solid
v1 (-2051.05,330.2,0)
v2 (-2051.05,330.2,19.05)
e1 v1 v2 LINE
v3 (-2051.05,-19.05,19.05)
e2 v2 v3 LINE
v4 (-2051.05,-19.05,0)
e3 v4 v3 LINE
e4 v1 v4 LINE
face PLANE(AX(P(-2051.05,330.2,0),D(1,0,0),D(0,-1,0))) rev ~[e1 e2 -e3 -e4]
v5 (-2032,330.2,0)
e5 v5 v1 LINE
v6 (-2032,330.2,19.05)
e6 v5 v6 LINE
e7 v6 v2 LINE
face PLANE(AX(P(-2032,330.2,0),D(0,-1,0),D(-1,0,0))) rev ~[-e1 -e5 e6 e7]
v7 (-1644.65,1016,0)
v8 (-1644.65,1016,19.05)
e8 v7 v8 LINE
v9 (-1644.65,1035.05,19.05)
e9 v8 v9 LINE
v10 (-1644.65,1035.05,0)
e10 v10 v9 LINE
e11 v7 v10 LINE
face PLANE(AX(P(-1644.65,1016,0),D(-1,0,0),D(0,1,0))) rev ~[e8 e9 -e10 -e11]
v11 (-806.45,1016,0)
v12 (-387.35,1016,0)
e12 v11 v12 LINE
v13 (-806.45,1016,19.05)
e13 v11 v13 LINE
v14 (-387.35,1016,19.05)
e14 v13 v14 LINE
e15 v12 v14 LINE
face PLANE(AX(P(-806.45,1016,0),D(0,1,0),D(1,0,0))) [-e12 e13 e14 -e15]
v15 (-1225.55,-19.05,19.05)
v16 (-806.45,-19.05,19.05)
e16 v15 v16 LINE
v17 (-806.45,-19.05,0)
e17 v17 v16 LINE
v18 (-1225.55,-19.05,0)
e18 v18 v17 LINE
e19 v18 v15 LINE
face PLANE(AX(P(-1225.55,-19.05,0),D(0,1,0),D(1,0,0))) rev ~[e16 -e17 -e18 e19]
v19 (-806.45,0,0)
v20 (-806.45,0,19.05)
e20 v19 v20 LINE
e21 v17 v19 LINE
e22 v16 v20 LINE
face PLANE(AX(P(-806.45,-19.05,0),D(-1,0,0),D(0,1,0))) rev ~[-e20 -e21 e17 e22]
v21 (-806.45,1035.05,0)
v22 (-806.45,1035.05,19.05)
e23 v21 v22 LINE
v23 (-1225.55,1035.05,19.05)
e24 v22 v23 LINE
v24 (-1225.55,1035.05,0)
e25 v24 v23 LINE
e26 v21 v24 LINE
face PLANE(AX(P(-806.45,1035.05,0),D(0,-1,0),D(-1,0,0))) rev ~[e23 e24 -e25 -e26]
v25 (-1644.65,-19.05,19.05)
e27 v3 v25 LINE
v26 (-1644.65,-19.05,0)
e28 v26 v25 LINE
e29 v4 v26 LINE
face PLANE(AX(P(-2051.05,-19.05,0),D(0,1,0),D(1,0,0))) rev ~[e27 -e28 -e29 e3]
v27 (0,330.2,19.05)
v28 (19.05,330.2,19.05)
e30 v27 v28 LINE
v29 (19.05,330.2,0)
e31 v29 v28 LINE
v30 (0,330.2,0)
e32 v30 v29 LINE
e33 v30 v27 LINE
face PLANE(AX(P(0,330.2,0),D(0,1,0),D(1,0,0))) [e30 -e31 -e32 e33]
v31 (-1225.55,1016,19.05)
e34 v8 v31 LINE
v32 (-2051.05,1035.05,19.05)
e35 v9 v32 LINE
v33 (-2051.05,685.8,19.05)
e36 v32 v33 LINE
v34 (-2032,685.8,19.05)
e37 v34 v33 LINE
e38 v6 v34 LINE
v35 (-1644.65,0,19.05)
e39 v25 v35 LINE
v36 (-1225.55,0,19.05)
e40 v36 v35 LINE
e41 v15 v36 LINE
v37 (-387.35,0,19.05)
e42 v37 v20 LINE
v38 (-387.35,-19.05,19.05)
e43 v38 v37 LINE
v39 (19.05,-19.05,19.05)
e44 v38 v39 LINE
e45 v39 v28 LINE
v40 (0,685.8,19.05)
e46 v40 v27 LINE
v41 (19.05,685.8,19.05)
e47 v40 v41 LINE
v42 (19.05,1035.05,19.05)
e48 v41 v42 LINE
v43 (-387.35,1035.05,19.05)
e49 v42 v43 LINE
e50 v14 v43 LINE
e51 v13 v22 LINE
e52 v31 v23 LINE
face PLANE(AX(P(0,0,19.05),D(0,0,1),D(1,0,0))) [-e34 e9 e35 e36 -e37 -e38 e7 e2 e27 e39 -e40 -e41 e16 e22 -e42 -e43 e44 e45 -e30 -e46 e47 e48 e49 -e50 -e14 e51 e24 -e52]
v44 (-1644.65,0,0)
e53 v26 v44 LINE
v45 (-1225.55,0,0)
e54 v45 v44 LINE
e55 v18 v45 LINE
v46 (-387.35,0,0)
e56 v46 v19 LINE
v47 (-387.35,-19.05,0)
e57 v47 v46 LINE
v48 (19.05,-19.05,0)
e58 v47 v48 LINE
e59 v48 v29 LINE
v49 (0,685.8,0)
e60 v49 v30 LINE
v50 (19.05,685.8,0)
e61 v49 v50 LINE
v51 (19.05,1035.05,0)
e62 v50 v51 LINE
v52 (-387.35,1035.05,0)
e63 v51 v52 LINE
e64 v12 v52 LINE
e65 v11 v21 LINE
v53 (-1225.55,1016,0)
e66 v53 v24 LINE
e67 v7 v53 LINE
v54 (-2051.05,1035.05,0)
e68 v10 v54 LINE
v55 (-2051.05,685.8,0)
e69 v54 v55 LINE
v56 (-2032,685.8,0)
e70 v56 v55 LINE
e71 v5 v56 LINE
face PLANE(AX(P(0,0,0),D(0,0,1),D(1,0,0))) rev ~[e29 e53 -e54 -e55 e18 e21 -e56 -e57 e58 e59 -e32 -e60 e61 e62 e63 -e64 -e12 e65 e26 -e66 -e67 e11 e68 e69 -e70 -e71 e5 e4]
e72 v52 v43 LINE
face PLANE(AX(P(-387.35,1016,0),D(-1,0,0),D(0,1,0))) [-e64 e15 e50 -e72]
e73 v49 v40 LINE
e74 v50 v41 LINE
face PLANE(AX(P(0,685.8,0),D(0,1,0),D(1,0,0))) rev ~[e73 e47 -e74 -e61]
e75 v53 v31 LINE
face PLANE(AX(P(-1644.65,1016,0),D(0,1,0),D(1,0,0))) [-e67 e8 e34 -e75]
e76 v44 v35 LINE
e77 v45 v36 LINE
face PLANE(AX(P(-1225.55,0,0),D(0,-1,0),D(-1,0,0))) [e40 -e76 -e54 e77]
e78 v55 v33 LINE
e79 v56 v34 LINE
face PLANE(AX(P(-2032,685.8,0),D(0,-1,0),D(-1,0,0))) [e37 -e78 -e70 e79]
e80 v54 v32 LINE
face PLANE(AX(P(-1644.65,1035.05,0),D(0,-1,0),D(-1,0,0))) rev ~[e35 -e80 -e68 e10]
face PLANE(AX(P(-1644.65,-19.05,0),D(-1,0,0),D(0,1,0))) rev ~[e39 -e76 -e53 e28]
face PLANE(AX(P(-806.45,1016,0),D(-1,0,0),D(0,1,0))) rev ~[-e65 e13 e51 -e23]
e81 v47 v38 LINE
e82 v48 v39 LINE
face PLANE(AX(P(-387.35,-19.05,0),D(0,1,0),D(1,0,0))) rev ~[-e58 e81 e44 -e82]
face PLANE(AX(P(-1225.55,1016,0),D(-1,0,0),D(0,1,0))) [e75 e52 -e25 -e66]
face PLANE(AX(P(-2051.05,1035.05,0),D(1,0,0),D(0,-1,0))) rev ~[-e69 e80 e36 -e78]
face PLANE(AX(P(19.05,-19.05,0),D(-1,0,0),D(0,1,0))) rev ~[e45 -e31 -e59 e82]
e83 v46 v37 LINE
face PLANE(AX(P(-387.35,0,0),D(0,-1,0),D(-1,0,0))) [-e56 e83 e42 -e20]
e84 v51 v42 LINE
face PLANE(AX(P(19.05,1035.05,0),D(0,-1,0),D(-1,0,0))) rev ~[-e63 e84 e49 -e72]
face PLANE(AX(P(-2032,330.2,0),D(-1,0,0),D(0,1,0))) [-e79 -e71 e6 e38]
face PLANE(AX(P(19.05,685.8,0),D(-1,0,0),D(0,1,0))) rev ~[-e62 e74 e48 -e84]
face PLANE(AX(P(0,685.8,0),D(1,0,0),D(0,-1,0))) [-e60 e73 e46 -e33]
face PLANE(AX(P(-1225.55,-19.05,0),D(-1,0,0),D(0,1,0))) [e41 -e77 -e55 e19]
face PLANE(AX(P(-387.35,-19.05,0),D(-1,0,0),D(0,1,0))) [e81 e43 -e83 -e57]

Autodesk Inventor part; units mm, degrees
ref_plane "YZ Plane" through (0, 0, 0) normal (1, 0, 0) x (0, 1, 0)
ref_plane "XZ Plane" through (0, 0, 0) normal (0, 1, 0) x (-1, 0, 0)
ref_plane "XY Plane" through (0, 0, 0) normal (0, 0, 1) x (1, 0, 0)
sketch "Sketch1" plane through (0, 0, 0) normal (0, 0, 1) x (1, 0, 0)
  line L0 (0, 0) -> (-2032, 0)
  line L1 (-2032, 0) -> (-2032, 1016)
  line L2 (-2032, 1016) -> (0, 1016)
  line L3 (0, 1016) -> (0, 0)
  line L4 (19.05, 1035.05) -> (-2051.05, 1035.05)
  line L5 (-2051.05, 1035.05) -> (-2051.05, -19.05)
  line L6 (-2051.05, -19.05) -> (19.05, -19.05)
  line L7 (19.05, -19.05) -> (19.05, 1035.05)
  line L8 (-1644.65, 1016) -> (-1644.65, 1035.05)
  line L9 (-1225.55, 1016) -> (-1225.55, 1035.05)
  line L10 (-806.45, 1016) -> (-806.45, 1035.05)
  line L11 (-387.35, 1016) -> (-387.35, 1035.05)
  line L12 (-1644.65, -19.05) -> (-1644.65, 0)
  line L13 (-1225.55, -19.05) -> (-1225.55, 0)
  line L14 (-806.45, -19.05) -> (-806.45, 0)
  line L15 (-387.35, -19.05) -> (-387.35, 0)
  line L16 (0, 330.2) -> (19.05, 330.2)
  line L17 (0, 685.8) -> (19.05, 685.8)
  line L18 (-2032, 685.8) -> (-2051.05, 685.8)
  line L19 (-2032, 330.2) -> (-2051.05, 330.2)
  point P0 (-1644.65, 0)
  point P1 (-1225.55, 0)
  point P2 (-806.45, 0)
  point P3 (-387.35, 0)
  dimension "d0" = 2032
  dimension "d1" = 1016
  dimension "d2" = 19.05
  dimension "d3" = 406.4
  dimension "d4" = 419.1
  dimension "d5" = 419.1
  dimension "d6" = 419.1
  dimension "d7" = 419.1
  dimension "d8" = 419.1
  dimension "d9" = 419.1
  dimension "d10" = 349.25
  dimension "d11" = 349.25
  dimension "d12" = 355.6
  dimension "d13" = 406.4
  dimension "d14" = 349.25
  dimension "d15" = 349.25
extrude "Extrusion1" add sketch "Sketch1" along normal blind 19.05 contours L3 L16 L7 L6 L15 L0 | L0 L1 L2 L3 | L14 L6 L13 L0 | L3 L2 L11 L4 L7 L17 | L12 L6 L5 L19 L1 L0 | L2 L9 L4 L10 | L18 L5 L4 L8 L2 L1
properties part number "Final Product backplate"
